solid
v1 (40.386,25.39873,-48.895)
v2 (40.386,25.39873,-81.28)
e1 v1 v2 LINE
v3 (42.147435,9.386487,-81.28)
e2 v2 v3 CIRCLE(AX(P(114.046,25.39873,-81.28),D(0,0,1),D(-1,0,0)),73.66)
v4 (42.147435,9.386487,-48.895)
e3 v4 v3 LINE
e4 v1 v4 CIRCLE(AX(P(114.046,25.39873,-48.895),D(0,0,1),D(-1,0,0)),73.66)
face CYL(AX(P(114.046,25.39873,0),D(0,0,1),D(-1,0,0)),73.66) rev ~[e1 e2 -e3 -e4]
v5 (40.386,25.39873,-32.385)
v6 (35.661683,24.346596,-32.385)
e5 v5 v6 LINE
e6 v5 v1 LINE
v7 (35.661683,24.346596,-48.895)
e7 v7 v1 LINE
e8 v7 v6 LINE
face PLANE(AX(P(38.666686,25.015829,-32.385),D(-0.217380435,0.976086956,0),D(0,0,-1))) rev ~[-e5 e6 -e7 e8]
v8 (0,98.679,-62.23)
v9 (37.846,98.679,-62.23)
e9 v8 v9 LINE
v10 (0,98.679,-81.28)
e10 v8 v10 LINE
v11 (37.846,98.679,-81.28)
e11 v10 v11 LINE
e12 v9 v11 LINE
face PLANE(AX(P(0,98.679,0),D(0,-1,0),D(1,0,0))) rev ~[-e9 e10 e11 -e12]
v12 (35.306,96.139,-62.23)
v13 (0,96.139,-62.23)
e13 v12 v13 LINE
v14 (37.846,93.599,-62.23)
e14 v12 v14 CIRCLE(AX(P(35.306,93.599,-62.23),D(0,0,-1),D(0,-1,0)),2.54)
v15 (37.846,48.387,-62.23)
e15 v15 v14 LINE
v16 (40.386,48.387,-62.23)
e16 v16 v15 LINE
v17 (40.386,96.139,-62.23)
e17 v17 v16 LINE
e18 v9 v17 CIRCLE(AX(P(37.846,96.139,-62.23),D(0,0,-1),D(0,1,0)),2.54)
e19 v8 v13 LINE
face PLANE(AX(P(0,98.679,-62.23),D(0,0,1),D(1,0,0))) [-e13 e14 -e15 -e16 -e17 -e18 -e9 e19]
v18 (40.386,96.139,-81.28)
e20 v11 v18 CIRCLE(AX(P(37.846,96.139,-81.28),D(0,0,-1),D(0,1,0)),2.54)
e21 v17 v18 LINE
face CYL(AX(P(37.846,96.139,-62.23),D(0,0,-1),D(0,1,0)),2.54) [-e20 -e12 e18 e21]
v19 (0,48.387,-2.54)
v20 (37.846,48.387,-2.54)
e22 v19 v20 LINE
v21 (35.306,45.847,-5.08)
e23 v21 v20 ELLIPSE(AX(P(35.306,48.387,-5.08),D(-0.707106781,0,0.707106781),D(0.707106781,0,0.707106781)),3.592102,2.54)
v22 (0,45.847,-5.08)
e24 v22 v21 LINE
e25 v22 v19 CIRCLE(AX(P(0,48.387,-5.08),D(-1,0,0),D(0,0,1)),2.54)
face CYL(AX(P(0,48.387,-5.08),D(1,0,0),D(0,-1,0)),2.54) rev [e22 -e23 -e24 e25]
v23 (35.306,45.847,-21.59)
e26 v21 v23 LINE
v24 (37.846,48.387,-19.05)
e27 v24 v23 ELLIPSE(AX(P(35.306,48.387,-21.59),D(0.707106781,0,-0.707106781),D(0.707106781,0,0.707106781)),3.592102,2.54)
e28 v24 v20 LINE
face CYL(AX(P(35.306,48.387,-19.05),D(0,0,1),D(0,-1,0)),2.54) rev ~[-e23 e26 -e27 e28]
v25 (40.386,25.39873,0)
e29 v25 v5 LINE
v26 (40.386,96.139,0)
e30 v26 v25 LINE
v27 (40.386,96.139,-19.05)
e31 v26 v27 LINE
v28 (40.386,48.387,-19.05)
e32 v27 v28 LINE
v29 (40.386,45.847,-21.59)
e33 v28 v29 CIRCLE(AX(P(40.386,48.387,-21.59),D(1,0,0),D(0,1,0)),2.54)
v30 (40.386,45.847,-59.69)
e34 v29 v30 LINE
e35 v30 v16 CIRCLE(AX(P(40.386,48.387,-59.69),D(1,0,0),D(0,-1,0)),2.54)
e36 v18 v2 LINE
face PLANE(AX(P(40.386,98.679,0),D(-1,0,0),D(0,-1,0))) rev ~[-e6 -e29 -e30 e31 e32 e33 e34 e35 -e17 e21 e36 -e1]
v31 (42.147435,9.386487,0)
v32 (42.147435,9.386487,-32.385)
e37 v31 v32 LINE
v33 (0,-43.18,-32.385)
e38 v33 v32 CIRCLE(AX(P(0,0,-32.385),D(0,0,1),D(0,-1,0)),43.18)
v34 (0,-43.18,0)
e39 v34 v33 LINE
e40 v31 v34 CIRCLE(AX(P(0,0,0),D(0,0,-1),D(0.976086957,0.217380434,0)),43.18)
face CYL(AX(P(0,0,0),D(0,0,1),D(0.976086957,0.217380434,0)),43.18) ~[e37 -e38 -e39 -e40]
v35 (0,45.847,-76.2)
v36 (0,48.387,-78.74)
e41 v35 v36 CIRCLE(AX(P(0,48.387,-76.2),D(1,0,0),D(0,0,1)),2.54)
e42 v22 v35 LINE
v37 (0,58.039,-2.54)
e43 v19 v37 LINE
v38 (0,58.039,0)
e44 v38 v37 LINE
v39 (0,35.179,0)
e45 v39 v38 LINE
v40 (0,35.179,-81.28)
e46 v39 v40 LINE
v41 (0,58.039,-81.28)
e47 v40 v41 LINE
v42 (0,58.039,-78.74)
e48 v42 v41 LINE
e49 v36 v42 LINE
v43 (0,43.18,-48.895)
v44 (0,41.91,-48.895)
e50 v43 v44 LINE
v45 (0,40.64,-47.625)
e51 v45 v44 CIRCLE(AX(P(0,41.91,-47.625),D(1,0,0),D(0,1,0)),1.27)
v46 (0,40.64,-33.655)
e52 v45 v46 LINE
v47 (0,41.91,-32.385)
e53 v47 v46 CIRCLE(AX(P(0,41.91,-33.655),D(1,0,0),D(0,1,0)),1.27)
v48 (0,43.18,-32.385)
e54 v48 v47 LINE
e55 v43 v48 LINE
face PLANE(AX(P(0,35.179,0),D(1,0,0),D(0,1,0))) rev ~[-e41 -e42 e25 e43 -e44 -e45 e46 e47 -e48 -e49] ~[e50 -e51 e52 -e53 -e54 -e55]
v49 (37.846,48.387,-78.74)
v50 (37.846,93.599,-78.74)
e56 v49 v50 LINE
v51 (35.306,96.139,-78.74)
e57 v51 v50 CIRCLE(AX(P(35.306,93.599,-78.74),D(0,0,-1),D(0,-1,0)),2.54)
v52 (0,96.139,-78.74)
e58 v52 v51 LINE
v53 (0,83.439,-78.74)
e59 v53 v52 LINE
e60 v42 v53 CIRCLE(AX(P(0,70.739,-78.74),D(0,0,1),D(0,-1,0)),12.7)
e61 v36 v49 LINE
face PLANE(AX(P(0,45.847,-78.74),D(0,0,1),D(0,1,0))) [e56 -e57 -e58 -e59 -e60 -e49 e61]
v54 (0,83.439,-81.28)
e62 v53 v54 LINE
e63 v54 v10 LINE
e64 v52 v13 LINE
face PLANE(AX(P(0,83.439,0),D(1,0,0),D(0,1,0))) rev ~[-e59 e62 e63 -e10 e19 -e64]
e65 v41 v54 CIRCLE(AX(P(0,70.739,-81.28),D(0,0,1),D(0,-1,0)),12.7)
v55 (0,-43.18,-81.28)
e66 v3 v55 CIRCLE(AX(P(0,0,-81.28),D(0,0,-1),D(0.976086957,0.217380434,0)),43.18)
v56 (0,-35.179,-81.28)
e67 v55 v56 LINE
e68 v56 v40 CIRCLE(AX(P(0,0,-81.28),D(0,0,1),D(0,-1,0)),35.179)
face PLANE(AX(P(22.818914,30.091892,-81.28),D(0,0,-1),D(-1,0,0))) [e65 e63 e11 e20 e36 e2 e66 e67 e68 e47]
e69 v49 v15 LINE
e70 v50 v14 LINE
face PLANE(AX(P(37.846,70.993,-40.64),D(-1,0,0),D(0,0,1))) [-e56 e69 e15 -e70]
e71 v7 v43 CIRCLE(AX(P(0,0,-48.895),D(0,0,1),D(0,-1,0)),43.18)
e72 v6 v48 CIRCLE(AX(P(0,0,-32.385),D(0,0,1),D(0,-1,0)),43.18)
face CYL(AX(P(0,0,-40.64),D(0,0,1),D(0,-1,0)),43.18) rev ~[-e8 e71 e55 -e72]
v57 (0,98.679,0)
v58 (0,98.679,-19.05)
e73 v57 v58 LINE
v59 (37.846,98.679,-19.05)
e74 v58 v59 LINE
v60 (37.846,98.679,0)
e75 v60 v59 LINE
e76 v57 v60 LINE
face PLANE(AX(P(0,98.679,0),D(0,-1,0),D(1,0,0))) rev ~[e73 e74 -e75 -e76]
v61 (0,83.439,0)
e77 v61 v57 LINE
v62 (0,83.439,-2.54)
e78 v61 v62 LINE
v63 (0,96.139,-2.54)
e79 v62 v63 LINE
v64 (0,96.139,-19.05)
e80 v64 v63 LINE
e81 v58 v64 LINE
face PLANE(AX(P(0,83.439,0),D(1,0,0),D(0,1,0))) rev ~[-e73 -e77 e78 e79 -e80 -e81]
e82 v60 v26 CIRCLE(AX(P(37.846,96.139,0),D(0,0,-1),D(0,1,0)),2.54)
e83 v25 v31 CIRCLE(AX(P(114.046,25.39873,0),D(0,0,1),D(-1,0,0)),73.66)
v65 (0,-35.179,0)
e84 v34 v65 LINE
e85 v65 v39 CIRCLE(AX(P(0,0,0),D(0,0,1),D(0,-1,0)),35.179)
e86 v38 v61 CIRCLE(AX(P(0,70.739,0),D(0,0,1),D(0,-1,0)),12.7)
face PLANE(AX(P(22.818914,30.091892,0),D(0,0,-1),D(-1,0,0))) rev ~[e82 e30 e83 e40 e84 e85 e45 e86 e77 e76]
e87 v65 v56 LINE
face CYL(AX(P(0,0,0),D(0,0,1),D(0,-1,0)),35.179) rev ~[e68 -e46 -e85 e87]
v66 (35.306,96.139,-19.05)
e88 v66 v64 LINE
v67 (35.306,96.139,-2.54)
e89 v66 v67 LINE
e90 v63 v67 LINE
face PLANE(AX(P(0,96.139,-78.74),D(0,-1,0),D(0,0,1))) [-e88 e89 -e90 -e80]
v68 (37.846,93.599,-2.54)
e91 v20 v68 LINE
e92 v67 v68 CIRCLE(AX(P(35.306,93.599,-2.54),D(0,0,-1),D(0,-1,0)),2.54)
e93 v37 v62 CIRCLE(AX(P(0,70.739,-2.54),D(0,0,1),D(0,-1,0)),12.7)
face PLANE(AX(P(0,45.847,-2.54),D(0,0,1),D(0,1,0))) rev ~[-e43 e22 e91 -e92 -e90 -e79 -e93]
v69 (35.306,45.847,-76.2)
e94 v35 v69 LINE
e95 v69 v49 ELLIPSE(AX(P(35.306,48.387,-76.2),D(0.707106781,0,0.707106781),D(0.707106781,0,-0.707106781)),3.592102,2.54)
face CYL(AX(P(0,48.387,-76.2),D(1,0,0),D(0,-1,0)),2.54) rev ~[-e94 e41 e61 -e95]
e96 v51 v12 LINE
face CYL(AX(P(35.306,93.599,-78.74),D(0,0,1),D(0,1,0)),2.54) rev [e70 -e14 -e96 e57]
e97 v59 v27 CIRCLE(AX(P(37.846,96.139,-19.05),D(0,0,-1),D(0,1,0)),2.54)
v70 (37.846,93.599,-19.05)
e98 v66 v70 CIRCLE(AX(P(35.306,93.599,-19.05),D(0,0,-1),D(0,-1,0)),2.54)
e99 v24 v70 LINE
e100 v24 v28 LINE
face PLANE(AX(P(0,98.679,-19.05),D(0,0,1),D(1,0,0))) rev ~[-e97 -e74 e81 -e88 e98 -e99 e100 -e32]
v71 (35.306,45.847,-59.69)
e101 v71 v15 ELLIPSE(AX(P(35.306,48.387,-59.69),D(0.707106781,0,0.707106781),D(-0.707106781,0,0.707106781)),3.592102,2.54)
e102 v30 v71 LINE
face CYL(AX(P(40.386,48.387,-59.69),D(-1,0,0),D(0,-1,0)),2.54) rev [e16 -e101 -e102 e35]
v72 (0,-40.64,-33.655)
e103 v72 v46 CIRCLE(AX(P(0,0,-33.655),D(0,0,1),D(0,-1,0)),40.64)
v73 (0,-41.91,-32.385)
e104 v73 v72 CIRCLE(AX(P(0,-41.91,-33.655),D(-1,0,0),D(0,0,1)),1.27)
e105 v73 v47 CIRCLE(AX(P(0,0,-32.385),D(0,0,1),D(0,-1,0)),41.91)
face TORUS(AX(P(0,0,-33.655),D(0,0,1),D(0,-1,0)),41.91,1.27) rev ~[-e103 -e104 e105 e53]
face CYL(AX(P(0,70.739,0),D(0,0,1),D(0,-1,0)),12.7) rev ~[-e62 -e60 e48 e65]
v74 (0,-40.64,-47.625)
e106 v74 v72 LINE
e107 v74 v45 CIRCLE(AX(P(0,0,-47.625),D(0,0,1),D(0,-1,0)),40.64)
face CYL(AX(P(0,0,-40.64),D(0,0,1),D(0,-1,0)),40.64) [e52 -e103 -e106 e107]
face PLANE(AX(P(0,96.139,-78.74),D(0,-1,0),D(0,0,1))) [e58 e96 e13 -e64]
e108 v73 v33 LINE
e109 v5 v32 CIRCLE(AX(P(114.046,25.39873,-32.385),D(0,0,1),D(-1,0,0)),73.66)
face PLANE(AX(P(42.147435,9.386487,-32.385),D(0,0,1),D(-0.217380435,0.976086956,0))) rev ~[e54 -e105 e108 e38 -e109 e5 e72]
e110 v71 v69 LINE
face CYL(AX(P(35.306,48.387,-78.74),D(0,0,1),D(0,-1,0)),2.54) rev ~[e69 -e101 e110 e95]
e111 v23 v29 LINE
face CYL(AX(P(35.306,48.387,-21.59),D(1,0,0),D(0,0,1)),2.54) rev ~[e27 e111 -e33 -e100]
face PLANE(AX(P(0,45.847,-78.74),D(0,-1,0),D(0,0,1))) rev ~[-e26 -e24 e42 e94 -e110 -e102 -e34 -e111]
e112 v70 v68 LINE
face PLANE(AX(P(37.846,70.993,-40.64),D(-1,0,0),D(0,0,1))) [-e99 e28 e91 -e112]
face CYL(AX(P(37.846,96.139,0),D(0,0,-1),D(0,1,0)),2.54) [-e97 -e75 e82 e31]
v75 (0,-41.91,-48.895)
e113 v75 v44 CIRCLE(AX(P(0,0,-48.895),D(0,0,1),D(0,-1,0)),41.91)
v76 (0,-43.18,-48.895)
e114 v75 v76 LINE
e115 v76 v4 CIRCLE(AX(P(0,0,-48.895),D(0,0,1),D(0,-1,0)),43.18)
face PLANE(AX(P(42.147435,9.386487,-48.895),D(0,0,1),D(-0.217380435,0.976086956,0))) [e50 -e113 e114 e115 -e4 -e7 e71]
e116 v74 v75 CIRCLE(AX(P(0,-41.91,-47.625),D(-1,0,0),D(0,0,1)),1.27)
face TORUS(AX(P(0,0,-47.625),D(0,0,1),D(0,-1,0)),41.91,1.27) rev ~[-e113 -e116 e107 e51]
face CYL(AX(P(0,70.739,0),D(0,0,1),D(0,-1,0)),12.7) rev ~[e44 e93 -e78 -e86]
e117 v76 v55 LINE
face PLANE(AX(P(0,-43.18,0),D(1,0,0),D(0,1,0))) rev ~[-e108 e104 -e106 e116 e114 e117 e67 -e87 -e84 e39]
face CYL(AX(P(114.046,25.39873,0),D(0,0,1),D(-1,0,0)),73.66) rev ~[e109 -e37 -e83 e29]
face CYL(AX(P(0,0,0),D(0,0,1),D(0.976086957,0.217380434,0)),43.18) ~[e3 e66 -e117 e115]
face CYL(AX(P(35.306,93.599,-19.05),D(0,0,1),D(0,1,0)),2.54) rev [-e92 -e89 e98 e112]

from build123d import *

# Parameters (mm, degrees)
BOSS_EXTRUDE1_DEPTH            = 81.28
SKETCH3_W                      = 76.2
SKETCH3_H                      = 50.292
CUT_EXTRUDE1_DEPTH             = 37.846
SKETCH4_W                      = 40.386
SKETCH4_H                      = 43.18
CUT_EXTRUDE2_DEPTH             = 52.832
FILLET1_R                      = 2.54
FILLET2_R                      = 2.54
FILLET3_R                      = 2.54
FILLET4_R                      = 2.54
SKETCH7_W                      = 16.51
SKETCH7_H                      = 2.54
CUT_EXTRUDE4_REACH             = 54.566
SKETCH8_W                      = 16.51
SKETCH8_H                      = 16.012242806
CUT_EXTRUDE4_DIRECTION_2_DEPTH = 2.54
FILLET5_R                      = 1.27


with BuildPart() as part:
    # Sketch1 → Boss-Extrude1 (new body)
    with BuildSketch(Plane.XY):
        with BuildLine():
            Line((0, 52.959), (0, 58.039))
            ThreePointArc((0, 58.039), (12.7, 70.739), (0, 83.439))
            Line((0, 83.439), (0, 98.679))
            Line((0, 98.679), (40.386, 98.679))
            Line((40.386, 98.679), (40.386, 25.398729968))
            ThreePointArc((40.386, 25.398729968), (40.827682914, 17.344312358), (42.147434783, 9.386487162))
            ThreePointArc((42.147434783, 9.386487162), (33.688432107, -27.011144777), (0, -43.18))
            Line((0, -43.18), (0, -35.179))
            ThreePointArc((0, -35.179), (35.179, 0), (0, 35.179))
            Line((0, 35.179), (0, 52.959))
        make_face()
    extrude(amount=-BOSS_EXTRUDE1_DEPTH)

    # Sketch3 → Cut-Extrude1 (cut)
    with BuildSketch(Plane.ZY):
        with Locations((-40.64, 70.993)):
            Rectangle(SKETCH3_W, SKETCH3_H)
    extrude(amount=-CUT_EXTRUDE1_DEPTH, mode=Mode.SUBTRACT)

    # Sketch4 → Cut-Extrude2 (cut)
    with BuildSketch(Plane(origin=(0, 98.679, 0), x_dir=(1, 0, 0), z_dir=(0, 1, 0))):
        with Locations((20.193, 40.64)):
            Rectangle(SKETCH4_W, SKETCH4_H)
    extrude(amount=-CUT_EXTRUDE2_DEPTH, mode=Mode.SUBTRACT)

    # Fillet1
    fillet1_edges = [part.edges().sort_by_distance(p)[0] for p in [
        (18.923, 45.847, -78.74),
        (18.923, 45.847, -2.54),
        (37.846, 45.847, -10.795),
        (37.846, 45.847, -70.485),
    ]]
    fillet(fillet1_edges, radius=FILLET1_R)

    # Fillet2
    fillet2_edges = [part.edges().sort_by_distance(p)[0] for p in [
        (37.846, 96.139, -70.485),
        (37.846, 96.139, -10.795),
    ]]
    fillet(fillet2_edges, radius=FILLET2_R)

    # Fillet3
    fillet3_edges = [part.edges().sort_by_distance(p)[0] for p in [
        (36.576, 45.847, -19.05),
        (36.576, 45.847, -62.23),
    ]]
    fillet(fillet3_edges, radius=FILLET3_R)

    # Fillet4
    fillet4_edges = [part.edges().sort_by_distance(p)[0] for p in [
        (40.386, 98.679, -71.755),
        (40.386, 98.679, -9.525),
    ]]
    fillet(fillet4_edges, radius=FILLET4_R)

    # Sketch7 → Cut-Revolve2 (revolve, cut)
    with BuildSketch(Plane.ZY):
        with Locations((-40.64, -41.91)):
            Rectangle(SKETCH7_W, SKETCH7_H)
    revolve(axis=Axis((0, 0, -81.28), (0, 0, 1)), mode=Mode.SUBTRACT)

    # Sketch8 → Cut-Extrude4 (cut, up to next)
    with BuildSketch(Plane(origin=(42.147434783, 9.386487162, 0), x_dir=(0, 0, -1), z_dir=(0.976086957, 0.217380435, 0)), mode=Mode.PRIVATE) as cut_extrude4_sk1:
        with Locations((40.64, 8.006121403)):
            Rectangle(SKETCH8_W, SKETCH8_H)
    cut_extrude4_tool1 = extrude(cut_extrude4_sk1.sketch, amount=-CUT_EXTRUDE4_REACH, mode=Mode.PRIVATE) & part.part
    add(cut_extrude4_tool1.solids().sort_by_distance((40.407061, 17.201158, -40.64))[0], mode=Mode.SUBTRACT)

    # Sketch8 → Cut-Extrude4 direction 2 (cut)
    with BuildSketch(Plane(origin=(42.147434783, 9.386487162, 0), x_dir=(0, 0, -1), z_dir=(0.976086957, 0.217380435, 0))):
        with Locations((40.64, 8.006121403)):
            Rectangle(SKETCH8_W, SKETCH8_H)
    extrude(amount=CUT_EXTRUDE4_DIRECTION_2_DEPTH, mode=Mode.SUBTRACT)

    # Fillet5
    fillet5_edges = [part.edges().sort_by_distance(p)[0] for p in [
        (40.64, 0, -48.895),
        (40.64, 0, -32.385),
    ]]
    fillet(fillet5_edges, radius=FILLET5_R)


solid = part.part
